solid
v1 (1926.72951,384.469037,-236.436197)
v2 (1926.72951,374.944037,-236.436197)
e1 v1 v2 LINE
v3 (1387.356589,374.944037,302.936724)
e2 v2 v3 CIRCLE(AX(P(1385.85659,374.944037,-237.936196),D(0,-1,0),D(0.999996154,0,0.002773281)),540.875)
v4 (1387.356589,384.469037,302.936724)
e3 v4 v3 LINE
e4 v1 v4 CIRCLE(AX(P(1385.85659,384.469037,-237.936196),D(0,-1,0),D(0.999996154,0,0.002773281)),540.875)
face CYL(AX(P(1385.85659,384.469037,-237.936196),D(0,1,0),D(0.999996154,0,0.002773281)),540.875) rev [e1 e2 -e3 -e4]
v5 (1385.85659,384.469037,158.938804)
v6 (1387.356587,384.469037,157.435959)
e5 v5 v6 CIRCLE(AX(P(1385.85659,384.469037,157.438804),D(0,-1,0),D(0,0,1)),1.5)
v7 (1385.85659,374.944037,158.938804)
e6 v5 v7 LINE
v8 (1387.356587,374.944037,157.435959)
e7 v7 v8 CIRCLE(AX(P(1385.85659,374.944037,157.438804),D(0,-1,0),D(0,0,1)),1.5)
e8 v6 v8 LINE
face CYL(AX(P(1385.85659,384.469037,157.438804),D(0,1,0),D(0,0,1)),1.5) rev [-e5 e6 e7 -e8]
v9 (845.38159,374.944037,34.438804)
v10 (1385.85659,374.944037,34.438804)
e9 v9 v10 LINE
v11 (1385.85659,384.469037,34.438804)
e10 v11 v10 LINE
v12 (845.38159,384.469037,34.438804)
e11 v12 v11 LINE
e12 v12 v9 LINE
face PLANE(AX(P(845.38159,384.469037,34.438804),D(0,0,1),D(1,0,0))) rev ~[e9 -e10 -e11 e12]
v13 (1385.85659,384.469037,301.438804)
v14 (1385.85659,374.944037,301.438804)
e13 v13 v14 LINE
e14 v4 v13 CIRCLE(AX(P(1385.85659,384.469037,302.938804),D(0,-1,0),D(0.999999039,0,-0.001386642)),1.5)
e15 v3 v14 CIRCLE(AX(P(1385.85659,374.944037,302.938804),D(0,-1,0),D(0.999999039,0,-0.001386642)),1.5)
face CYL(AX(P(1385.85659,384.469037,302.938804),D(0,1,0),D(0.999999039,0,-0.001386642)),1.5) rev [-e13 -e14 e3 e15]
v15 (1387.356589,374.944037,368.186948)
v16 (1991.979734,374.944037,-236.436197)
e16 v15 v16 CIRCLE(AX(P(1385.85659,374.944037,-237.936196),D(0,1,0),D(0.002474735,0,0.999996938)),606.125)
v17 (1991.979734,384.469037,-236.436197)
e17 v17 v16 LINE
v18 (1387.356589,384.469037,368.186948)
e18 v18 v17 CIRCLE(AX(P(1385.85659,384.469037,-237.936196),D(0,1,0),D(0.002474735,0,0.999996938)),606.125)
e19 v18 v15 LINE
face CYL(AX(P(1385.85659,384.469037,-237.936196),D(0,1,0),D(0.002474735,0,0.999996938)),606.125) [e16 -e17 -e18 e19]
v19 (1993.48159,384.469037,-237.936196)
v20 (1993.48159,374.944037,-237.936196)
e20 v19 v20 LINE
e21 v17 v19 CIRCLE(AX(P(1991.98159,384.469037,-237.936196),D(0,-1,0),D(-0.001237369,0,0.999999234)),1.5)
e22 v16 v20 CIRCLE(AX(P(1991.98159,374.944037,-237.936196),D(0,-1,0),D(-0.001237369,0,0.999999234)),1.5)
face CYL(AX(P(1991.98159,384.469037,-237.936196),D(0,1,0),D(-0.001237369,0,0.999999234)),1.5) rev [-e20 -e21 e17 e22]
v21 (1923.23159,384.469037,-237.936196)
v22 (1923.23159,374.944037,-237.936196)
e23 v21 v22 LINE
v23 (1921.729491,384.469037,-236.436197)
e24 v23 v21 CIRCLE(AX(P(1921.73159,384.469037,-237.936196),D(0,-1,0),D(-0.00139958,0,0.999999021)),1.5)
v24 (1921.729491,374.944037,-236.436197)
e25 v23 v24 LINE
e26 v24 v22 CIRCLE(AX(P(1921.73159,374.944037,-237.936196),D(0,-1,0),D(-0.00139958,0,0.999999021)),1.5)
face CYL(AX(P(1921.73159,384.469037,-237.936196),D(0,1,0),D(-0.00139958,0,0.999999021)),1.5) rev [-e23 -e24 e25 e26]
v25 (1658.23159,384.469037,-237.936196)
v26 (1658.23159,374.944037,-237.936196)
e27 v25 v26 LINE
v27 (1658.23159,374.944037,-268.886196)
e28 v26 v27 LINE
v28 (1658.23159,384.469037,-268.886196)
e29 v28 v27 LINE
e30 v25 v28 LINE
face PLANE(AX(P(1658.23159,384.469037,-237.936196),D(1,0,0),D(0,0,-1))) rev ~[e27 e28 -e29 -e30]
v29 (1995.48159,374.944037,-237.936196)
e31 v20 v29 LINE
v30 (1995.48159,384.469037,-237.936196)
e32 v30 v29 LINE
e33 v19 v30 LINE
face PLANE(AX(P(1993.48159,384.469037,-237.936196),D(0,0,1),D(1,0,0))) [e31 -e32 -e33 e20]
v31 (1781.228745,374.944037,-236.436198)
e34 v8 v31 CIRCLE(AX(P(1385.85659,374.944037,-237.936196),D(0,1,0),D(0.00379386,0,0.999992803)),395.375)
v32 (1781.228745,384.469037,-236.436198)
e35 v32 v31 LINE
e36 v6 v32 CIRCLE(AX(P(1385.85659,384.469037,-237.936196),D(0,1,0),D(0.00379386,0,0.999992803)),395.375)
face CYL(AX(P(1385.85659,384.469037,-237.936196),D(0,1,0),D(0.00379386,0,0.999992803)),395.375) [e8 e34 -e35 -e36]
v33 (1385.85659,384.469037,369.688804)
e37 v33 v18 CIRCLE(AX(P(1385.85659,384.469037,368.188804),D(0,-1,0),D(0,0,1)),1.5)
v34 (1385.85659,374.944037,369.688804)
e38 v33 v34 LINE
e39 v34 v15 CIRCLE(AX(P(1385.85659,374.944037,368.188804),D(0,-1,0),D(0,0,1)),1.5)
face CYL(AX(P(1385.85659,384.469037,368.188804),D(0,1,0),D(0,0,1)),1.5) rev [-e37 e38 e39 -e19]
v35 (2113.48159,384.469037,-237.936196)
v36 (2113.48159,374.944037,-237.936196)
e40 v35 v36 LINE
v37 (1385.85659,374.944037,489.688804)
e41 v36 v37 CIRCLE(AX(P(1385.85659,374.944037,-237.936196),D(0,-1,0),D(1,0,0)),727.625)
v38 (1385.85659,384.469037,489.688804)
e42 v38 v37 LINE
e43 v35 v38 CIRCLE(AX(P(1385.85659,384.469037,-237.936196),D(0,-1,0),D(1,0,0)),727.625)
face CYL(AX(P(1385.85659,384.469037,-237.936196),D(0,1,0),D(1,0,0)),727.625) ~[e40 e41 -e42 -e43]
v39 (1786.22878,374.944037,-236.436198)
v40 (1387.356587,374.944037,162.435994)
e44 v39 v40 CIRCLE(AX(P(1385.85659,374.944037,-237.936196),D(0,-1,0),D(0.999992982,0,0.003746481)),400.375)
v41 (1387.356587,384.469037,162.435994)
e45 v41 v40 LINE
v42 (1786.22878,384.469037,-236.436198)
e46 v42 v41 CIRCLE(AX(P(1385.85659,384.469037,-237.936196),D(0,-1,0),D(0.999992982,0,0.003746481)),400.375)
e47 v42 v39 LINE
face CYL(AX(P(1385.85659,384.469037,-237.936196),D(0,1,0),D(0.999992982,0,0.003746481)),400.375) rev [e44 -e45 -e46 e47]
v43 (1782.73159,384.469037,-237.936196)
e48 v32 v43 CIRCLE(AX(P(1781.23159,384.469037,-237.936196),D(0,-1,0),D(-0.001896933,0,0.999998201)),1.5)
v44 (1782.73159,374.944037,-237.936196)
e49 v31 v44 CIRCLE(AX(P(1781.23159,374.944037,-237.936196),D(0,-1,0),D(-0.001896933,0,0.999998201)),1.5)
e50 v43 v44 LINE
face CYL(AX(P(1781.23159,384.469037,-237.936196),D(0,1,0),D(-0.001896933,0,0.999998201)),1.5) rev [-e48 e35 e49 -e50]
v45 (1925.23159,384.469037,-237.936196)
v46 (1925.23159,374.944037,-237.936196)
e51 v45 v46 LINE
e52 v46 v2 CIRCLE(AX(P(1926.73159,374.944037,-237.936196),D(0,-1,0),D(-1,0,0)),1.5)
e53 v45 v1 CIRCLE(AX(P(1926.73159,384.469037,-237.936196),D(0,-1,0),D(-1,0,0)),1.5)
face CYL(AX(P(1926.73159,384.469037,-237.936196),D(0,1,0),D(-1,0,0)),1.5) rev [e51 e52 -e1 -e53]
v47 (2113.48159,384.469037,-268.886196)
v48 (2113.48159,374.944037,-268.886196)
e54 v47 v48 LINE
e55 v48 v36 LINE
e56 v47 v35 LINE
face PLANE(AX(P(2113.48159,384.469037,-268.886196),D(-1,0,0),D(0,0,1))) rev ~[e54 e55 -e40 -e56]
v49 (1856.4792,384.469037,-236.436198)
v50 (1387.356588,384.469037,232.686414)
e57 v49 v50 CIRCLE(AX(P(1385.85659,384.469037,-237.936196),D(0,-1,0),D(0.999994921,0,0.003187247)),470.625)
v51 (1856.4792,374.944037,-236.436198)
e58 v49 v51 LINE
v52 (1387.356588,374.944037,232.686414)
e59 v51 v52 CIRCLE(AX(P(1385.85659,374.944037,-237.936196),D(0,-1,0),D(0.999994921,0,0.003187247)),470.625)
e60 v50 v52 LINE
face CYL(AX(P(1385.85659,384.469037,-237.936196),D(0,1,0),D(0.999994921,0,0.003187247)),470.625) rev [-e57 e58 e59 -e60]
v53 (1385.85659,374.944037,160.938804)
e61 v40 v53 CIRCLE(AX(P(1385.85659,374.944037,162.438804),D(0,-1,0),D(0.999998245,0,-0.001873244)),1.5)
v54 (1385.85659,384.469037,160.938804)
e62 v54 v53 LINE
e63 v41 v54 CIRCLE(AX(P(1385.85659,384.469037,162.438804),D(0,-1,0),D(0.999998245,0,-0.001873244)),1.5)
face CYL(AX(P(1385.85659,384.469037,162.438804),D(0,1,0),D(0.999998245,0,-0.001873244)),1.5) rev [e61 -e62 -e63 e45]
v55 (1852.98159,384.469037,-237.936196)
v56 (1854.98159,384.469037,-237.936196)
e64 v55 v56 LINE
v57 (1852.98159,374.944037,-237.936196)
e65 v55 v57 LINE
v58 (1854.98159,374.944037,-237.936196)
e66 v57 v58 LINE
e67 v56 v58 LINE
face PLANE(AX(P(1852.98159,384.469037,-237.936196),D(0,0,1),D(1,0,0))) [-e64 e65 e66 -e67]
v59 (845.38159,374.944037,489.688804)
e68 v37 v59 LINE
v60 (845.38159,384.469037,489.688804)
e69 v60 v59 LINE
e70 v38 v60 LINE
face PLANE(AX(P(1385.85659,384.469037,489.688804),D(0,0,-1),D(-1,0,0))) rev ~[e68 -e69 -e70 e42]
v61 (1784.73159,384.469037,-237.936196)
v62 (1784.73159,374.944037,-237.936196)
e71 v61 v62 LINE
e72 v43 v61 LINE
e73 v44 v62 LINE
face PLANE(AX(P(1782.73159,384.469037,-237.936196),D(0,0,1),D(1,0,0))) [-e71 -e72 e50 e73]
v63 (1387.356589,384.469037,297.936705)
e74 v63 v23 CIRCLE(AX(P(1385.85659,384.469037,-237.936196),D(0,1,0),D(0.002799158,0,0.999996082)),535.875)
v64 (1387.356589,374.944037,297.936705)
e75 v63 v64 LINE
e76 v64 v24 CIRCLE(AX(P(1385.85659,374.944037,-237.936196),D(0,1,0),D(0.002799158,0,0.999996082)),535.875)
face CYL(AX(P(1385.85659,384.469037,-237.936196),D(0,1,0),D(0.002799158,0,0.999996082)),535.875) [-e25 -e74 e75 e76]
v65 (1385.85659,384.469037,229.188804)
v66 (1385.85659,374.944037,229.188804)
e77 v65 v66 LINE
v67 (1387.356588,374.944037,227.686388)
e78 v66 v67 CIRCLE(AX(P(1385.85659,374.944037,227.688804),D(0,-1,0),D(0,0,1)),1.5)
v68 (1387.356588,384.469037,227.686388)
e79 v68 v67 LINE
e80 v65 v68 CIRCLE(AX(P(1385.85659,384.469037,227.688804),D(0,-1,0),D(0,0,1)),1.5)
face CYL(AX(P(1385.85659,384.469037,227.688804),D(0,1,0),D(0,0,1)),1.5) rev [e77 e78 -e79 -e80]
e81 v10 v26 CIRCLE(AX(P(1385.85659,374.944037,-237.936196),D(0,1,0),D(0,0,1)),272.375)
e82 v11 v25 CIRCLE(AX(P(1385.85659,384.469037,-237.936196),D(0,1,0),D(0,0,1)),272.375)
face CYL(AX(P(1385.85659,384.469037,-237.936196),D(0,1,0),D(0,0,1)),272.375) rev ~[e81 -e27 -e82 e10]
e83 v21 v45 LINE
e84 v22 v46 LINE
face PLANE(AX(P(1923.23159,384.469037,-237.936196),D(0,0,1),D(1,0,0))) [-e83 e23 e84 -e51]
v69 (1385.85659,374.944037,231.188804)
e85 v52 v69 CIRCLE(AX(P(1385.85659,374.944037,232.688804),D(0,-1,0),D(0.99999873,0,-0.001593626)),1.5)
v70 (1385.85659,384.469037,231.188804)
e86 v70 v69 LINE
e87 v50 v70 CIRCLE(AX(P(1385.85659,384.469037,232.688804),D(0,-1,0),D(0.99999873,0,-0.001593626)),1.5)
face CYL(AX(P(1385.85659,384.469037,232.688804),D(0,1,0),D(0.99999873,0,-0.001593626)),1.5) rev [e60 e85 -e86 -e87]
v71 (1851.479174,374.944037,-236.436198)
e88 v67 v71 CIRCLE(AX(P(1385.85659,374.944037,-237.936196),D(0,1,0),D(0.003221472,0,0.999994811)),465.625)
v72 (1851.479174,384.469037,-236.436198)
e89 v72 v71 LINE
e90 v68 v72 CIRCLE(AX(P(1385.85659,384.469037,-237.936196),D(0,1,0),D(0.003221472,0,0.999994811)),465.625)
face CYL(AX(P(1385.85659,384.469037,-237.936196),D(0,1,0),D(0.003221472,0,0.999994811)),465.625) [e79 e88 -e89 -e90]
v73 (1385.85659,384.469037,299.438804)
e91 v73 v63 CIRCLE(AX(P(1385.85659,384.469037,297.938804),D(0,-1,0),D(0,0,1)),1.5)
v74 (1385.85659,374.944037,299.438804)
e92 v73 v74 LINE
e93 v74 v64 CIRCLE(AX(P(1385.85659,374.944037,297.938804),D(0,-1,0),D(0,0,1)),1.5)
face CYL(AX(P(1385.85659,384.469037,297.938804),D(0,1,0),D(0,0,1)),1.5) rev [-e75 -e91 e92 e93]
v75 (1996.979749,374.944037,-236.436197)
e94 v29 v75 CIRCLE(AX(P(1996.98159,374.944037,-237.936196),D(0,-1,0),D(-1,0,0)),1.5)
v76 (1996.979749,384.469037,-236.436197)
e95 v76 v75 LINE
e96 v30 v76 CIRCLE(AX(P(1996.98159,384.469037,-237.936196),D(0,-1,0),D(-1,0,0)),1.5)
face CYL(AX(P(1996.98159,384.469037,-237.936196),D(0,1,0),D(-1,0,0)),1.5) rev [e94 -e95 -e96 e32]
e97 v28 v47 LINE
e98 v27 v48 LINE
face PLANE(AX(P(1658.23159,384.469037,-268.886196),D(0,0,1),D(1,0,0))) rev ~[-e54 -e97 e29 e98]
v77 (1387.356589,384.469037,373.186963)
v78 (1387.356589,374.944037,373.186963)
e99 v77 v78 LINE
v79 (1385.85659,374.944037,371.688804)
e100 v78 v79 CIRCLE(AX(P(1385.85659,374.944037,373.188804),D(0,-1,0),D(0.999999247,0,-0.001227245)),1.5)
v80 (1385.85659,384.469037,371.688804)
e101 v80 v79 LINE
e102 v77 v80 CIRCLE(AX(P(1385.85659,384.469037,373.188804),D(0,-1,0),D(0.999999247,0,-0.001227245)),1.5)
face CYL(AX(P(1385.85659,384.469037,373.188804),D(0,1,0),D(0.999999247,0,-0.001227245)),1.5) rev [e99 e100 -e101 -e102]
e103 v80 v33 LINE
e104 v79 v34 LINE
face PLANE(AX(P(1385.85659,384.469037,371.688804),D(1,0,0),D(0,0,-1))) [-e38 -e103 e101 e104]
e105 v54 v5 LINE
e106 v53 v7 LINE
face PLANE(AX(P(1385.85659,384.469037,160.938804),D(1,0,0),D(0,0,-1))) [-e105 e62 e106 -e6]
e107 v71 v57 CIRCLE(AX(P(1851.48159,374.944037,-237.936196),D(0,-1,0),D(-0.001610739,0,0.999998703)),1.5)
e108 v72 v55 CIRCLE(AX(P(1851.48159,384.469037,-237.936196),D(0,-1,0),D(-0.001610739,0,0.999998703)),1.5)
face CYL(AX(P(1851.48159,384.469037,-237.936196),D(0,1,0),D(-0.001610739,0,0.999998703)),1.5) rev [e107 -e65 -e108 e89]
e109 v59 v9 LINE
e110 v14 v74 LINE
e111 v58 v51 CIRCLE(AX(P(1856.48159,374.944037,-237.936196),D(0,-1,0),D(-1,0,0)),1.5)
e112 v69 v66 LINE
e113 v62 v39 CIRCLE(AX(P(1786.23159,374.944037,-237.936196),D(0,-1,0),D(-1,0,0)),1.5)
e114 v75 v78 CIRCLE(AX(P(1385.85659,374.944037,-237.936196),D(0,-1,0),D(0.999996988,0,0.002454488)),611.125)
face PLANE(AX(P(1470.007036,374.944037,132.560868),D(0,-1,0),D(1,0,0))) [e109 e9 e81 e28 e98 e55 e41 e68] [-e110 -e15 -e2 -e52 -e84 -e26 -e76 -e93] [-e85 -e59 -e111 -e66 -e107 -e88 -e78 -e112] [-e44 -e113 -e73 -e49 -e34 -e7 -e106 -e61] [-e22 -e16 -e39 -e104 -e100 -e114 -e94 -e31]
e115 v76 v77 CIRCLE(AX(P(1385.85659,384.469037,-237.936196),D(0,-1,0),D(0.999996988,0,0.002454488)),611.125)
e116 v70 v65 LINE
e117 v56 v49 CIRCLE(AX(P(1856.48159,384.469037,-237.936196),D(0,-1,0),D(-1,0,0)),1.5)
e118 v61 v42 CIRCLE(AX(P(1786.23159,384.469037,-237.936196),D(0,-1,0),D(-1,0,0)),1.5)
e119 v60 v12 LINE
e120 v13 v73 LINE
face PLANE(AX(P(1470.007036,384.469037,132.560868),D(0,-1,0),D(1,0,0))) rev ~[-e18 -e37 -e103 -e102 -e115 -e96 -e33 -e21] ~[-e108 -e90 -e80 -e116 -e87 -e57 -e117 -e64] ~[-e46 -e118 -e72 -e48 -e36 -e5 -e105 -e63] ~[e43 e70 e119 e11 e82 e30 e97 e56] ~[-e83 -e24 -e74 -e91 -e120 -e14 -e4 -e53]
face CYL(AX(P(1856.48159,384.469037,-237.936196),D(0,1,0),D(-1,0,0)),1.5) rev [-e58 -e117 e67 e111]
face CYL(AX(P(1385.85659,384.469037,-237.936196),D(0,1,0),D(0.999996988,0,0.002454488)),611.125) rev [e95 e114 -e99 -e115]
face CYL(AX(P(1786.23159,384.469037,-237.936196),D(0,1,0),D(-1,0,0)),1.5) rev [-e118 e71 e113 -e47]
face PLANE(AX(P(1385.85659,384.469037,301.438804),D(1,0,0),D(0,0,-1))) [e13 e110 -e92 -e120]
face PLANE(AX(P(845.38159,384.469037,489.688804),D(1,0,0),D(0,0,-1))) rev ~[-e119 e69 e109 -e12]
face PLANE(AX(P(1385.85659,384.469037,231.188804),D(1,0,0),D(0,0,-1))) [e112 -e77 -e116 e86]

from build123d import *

# Parameters (mm, degrees)
BOSS_EXTRUDE1_DEPTH = 9.525


with BuildPart() as part:
    # Sketch1 → Boss-Extrude1 (new body)
    with BuildSketch(Plane.XZ.offset(-384.4690372)):
        with BuildLine():
            Line((1658.231590128, -268.886195663), (2113.481590128, -268.886195663))
            Line((2113.481590128, -268.886195663), (2113.481590128, -237.936195663))
            ThreePointArc((2113.481590128, -237.936195663), (1900.365161789, 276.572375998), (1385.856590128, 489.688804337))
            Line((1385.856590128, 489.688804337), (845.381590128, 489.688804337))
            Line((845.381590128, 489.688804337), (845.381590128, 34.438804337))
            Line((845.381590128, 34.438804337), (1385.856590128, 34.438804337))
            ThreePointArc((1385.856590128, 34.438804337), (1578.454799653, -45.337986138), (1658.231590128, -237.936195663))
            Line((1658.231590128, -237.936195663), (1658.231590128, -268.886195663))
        make_face()
        with BuildLine():
            Line((1782.731590128, -237.936195663), (1784.731590128, -237.936195663))
            ThreePointArc((1784.731590128, -237.936195663), (1787.293243272, -238.995861932), (1786.228780262, -236.436198295))
            ThreePointArc((1786.228780262, -236.436198295), (1668.964467645, 45.171681854), (1387.356587496, 162.435994471))
            ThreePointArc((1387.356587496, 162.435994471), (1384.796923859, 163.500457481), (1385.856590128, 160.938804337))
            Line((1385.856590128, 160.938804337), (1385.856590128, 158.938804337))
            ThreePointArc((1385.856590128, 158.938804337), (1384.794924432, 156.379150643), (1387.356587429, 157.435958937))
            ThreePointArc((1387.356587429, 157.435958937), (1665.428933739, 41.636147948), (1781.228744728, -236.436198362))
            ThreePointArc((1781.228744728, -236.436198362), (1780.171936434, -238.997861359), (1782.731590128, -237.936195663))
        make_face(mode=Mode.SUBTRACT)
        with BuildLine():
            Line((1993.481590128, -237.936195663), (1995.481590128, -237.936195663))
            ThreePointArc((1995.481590128, -237.936195663), (1998.042900945, -238.99620479), (1996.979749261, -236.436196793))
            ThreePointArc((1996.979749261, -236.436196793), (1817.98722178, 194.194435989), (1387.356588998, 373.186963469))
            ThreePointArc((1387.356588998, 373.186963469), (1384.796581001, 374.250115154), (1385.856590128, 371.688804337))
            Line((1385.856590128, 371.688804337), (1385.856590128, 369.688804337))
            ThreePointArc((1385.856590128, 369.688804337), (1384.795273945, 367.128800582), (1387.356588979, 368.186948284))
            ThreePointArc((1387.356588979, 368.186948284), (1814.451687874, 190.658902083), (1991.979734075, -236.436196812))
            ThreePointArc((1991.979734075, -236.436196812), (1990.921586373, -238.997511846), (1993.481590128, -237.936195663))
        make_face(mode=Mode.SUBTRACT)
        with BuildLine():
            Line((1923.231590128, -237.936195663), (1925.231590128, -237.936195663))
            ThreePointArc((1925.231590128, -237.936195663), (1927.792985423, -238.996120202), (1926.729510165, -236.436197105))
            ThreePointArc((1926.729510165, -236.436197105), (1768.312970402, 144.520184611), (1387.356588686, 302.936724374))
            ThreePointArc((1387.356588686, 302.936724374), (1384.796665589, 304.000199632), (1385.856590128, 301.438804337))
            Line((1385.856590128, 301.438804337), (1385.856590128, 299.438804337))
            ThreePointArc((1385.856590128, 299.438804337), (1384.795187976, 296.878886664), (1387.356588659, 297.936704967))
            ThreePointArc((1387.356588659, 297.936704967), (1764.777436496, 140.984650705), (1921.729490758, -236.436197132))
            ThreePointArc((1921.729490758, -236.436197132), (1920.671672455, -238.997597815), (1923.231590128, -237.936195663))
        make_face(mode=Mode.SUBTRACT)
        with BuildLine():
            Line((1852.981590128, -237.936195663), (1854.981590128, -237.936195663))
            ThreePointArc((1854.981590128, -237.936195663), (1857.543095111, -238.996010351), (1856.47919969, -236.436197568))
            ThreePointArc((1856.47919969, -236.436197568), (1718.638719024, 94.845933233), (1387.356588223, 232.686413898))
            ThreePointArc((1387.356588223, 232.686413898), (1384.796775441, 233.75030932), (1385.856590128, 231.188804337))
            Line((1385.856590128, 231.188804337), (1385.856590128, 229.188804337))
            ThreePointArc((1385.856590128, 229.188804337), (1384.795076077, 226.628998732), (1387.356588182, 227.686388229))
            ThreePointArc((1387.356588182, 227.686388229), (1715.103185118, 91.310399327), (1851.47917402, -236.436197609))
            ThreePointArc((1851.47917402, -236.436197609), (1850.421784523, -238.997709714), (1852.981590128, -237.936195663))
        make_face(mode=Mode.SUBTRACT)
    extrude(amount=BOSS_EXTRUDE1_DEPTH)


solid = part.part
